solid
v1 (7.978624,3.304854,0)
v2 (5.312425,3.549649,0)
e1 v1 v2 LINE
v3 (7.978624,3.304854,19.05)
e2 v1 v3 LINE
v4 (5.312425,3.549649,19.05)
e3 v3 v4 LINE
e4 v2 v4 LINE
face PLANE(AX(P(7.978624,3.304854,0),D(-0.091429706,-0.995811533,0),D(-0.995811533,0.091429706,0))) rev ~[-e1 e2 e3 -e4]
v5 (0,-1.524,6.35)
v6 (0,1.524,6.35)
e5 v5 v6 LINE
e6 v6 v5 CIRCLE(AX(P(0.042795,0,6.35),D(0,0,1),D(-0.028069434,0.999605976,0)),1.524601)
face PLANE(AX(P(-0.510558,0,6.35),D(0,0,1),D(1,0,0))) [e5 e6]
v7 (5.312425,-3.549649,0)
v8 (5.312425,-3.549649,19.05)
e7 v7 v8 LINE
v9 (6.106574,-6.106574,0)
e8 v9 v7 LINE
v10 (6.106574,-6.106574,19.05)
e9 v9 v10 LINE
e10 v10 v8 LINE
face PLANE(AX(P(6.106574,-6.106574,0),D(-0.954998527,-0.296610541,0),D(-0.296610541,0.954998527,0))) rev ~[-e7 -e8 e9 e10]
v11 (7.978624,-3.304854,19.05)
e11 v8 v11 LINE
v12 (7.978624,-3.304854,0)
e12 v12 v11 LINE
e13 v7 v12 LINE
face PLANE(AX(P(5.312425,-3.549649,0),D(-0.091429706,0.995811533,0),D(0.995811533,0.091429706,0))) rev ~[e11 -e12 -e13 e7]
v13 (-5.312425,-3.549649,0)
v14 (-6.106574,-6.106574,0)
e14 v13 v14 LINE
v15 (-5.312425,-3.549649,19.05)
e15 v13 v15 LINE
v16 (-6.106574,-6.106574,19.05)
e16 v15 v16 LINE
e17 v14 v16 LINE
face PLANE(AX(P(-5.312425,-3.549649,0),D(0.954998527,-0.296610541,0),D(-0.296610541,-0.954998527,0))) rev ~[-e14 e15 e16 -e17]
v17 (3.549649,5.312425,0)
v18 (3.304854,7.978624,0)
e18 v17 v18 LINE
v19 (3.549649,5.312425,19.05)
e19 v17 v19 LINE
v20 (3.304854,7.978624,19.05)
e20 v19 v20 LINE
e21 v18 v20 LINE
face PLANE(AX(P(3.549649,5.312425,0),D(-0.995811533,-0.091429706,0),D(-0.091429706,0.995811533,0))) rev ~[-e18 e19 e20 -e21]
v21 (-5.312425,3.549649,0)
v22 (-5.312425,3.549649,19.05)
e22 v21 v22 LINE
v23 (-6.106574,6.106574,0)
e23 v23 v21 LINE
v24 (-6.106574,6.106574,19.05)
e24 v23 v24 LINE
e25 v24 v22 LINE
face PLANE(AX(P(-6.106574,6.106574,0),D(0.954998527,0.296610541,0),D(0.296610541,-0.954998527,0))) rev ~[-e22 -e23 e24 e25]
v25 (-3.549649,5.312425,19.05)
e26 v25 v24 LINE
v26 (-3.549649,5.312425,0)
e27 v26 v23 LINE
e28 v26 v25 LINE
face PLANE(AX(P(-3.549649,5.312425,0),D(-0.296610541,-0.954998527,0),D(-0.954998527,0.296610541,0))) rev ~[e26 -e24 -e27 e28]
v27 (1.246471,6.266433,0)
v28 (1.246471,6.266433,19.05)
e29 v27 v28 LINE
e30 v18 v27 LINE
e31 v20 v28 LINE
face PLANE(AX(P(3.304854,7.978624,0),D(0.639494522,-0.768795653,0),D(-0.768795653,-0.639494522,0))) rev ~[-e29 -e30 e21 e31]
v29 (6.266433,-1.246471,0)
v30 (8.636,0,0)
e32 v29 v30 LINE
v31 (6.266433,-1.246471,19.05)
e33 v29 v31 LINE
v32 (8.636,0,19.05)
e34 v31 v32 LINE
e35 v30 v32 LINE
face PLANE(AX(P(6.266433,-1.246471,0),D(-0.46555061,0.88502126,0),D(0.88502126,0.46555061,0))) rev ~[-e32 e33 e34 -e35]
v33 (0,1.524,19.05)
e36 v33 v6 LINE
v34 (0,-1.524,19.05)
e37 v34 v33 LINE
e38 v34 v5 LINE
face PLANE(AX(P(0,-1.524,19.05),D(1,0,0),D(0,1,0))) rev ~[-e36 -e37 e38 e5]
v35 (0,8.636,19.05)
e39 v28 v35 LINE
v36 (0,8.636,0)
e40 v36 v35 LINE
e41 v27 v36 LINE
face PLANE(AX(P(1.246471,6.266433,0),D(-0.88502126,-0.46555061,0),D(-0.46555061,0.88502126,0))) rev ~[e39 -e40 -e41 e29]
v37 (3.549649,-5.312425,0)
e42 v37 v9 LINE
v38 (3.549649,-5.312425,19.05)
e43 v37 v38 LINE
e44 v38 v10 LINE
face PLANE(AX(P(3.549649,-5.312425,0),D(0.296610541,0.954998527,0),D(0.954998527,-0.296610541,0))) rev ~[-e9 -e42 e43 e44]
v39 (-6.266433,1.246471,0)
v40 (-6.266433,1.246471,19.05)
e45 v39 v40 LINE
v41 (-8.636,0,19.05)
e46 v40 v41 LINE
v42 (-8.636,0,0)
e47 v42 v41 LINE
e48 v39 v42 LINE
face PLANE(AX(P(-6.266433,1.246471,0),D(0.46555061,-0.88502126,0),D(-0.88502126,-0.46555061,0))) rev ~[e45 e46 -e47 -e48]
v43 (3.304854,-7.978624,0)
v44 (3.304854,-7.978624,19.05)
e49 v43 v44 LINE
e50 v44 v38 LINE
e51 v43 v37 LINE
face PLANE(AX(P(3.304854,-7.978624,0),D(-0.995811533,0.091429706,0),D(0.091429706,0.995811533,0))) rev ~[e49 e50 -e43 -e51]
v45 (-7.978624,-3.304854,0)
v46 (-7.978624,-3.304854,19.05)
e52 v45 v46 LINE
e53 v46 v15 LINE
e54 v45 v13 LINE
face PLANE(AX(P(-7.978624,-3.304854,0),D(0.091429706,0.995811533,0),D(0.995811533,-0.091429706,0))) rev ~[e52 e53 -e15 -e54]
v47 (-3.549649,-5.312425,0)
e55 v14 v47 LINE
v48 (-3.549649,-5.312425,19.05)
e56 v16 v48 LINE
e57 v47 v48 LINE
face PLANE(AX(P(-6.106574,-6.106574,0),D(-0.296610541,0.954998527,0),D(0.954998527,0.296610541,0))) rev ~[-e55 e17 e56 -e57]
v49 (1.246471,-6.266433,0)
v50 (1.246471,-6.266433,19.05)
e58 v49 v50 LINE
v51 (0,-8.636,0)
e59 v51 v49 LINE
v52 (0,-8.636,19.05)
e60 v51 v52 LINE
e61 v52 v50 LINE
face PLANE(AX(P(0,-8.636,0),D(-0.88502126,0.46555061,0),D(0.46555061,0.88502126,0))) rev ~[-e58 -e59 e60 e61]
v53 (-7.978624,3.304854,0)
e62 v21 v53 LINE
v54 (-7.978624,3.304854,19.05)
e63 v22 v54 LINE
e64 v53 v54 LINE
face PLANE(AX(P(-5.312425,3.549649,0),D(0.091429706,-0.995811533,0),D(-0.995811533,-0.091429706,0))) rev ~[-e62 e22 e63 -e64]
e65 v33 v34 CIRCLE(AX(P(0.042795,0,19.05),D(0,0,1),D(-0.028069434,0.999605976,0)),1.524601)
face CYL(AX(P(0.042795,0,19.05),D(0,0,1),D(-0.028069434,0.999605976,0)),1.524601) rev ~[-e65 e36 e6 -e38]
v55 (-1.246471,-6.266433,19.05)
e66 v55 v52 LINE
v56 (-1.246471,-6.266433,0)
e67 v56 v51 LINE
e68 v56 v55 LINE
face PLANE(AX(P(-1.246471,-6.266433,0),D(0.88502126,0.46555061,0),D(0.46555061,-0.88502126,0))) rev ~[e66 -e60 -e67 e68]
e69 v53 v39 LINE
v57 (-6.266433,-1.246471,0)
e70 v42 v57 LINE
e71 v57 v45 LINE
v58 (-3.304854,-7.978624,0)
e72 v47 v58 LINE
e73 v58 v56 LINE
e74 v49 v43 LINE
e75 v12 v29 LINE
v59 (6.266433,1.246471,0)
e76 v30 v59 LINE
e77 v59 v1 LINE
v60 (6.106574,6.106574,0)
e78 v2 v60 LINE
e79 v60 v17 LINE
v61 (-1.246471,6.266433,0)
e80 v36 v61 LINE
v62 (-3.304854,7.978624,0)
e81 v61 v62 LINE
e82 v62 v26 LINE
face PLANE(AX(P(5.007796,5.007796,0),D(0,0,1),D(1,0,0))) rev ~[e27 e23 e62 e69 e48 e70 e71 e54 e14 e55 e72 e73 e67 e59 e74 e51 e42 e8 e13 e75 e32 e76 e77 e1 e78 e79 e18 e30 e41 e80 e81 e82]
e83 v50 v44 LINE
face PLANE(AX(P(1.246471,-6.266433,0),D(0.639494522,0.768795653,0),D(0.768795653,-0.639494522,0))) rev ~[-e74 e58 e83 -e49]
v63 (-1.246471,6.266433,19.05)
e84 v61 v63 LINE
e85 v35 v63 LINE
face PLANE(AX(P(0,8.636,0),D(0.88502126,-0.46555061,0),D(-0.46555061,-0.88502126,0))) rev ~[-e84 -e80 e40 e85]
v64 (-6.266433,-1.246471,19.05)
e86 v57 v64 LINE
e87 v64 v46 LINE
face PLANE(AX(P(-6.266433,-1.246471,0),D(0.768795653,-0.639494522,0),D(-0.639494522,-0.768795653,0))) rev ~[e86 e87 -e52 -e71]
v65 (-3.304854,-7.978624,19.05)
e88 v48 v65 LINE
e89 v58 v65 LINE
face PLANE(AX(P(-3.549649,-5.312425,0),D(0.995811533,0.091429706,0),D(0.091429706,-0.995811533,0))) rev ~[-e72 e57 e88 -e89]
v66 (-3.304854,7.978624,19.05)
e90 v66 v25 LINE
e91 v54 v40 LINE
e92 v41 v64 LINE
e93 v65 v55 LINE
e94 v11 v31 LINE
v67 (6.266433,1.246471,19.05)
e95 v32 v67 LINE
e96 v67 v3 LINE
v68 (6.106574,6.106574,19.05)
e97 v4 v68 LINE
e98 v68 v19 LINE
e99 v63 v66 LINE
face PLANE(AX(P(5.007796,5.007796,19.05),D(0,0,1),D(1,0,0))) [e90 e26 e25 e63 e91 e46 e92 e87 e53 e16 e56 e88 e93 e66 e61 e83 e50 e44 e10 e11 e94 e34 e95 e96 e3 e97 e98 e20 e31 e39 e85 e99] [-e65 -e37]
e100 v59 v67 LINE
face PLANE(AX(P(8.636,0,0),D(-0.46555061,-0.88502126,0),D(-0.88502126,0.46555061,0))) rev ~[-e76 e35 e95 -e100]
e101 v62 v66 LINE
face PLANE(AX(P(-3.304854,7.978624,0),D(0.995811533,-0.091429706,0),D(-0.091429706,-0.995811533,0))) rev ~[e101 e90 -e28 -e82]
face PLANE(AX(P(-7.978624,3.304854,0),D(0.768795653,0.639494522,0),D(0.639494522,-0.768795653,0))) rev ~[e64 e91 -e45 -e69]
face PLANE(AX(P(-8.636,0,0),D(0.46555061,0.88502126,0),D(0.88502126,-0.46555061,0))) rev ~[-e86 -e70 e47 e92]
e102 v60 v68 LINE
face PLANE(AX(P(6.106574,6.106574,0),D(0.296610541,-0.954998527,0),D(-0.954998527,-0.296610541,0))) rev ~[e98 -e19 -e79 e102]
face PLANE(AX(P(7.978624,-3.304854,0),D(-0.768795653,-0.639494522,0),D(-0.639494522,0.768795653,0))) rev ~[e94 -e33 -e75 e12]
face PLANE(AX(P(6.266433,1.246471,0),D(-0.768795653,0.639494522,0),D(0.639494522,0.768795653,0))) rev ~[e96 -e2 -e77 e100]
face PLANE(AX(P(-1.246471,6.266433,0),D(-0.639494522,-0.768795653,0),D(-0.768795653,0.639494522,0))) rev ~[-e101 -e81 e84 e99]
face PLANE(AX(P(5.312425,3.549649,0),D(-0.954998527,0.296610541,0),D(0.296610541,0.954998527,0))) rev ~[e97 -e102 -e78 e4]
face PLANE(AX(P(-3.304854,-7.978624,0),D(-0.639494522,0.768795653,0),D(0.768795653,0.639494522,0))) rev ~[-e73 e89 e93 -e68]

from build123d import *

# Parameters (mm, degrees)
F1_DEPTH = 19.05
F3_DEPTH = 12.7


with BuildPart() as f1:
    # F0 (on Top) → F1 (new body)
    with BuildSketch(Plane.XY):
        with BuildLine():
            ThreePointArc((3.5542700278, 5.2620969746), (4.4901280605, 4.4901280605), (5.2620969746, 3.5542700278))
            Line((5.2620969746, 3.5542700278), (5.31242539, 3.5496491612))
            Line((5.31242539, 3.5496491612), (6.1065741623, 6.1065741623))
            Line((6.1065741623, 6.1065741623), (3.5496491612, 5.31242539))
            Line((3.5496491612, 5.31242539), (3.5542700278, 5.2620969746))
        make_face()
        with BuildLine():
            Line((6.2664330105, -1.2464710252), (6.2217039467, -1.27))
            ThreePointArc((6.2217039467, -1.27), (5.8666350314, -2.4300397955), (5.2974346633, -3.5013834391))
            Line((5.2974346633, -3.5013834391), (5.31242539, -3.5496491612))
            Line((5.31242539, -3.5496491612), (7.9786236428, -3.3048541219))
            Line((7.9786236428, -3.3048541219), (6.2664330105, -1.2464710252))
        make_face()
        with BuildLine():
            Line((1.2464710252, -6.2664330105), (1.2076160152, -6.2341128928))
            ThreePointArc((1.2076160152, -6.2341128928), (0, -6.35), (-1.2076160152, -6.2341128928))
            Line((-1.2076160152, -6.2341128928), (-1.2464710252, -6.2664330105))
            Line((-1.2464710252, -6.2664330105), (0, -8.636))
            Line((0, -8.636), (1.2464710252, -6.2664330105))
        make_face()
        with BuildLine():
            Line((-1.2464710252, -6.2664330105), (-1.27, -6.2217039467))
            ThreePointArc((-1.27, -6.2217039467), (-2.4300397955, -5.8666350314), (-3.5013834391, -5.2974346633))
            Line((-3.5013834391, -5.2974346633), (-3.5496491612, -5.31242539))
            Line((-3.5496491612, -5.31242539), (-3.3048541219, -7.9786236428))
            Line((-3.3048541219, -7.9786236428), (-1.2464710252, -6.2664330105))
        make_face()
        with BuildLine():
            ThreePointArc((6.2341128928, -1.2076160152), (6.3209618283, -0.6065818703), (6.35, 0))
            ThreePointArc((6.35, 0), (6.3209618283, 0.6065818703), (6.2341128928, 1.2076160152))
            ThreePointArc((6.2341128928, 1.2076160152), (6.2279865306, 1.2388235448), (6.2217039467, 1.27))
            ThreePointArc((6.2217039467, 1.27), (5.8666350314, 2.4300397955), (5.2974346633, 3.5013834391))
            ThreePointArc((5.2974346633, 3.5013834391), (5.2798320381, 3.5278709797), (5.2620969746, 3.5542700278))
            ThreePointArc((5.2620969746, 3.5542700278), (4.4901280605, 4.4901280605), (3.5542700278, 5.2620969746))
            ThreePointArc((3.5542700278, 5.2620969746), (3.5278709797, 5.2798320381), (3.5013834391, 5.2974346633))
            ThreePointArc((3.5013834391, 5.2974346633), (2.4300397955, 5.8666350314), (1.27, 6.2217039467))
            ThreePointArc((1.27, 6.2217039467), (1.2388235448, 6.2279865306), (1.2076160152, 6.2341128928))
            ThreePointArc((1.2076160152, 6.2341128928), (0, 6.35), (-1.2076160152, 6.2341128928))
            ThreePointArc((-1.2076160152, 6.2341128928), (-1.2388235448, 6.2279865306), (-1.27, 6.2217039467))
            ThreePointArc((-1.27, 6.2217039467), (-2.4300397955, 5.8666350314), (-3.5013834391, 5.2974346633))
            ThreePointArc((-3.5013834391, 5.2974346633), (-3.5278709797, 5.2798320381), (-3.5542700278, 5.2620969746))
            ThreePointArc((-3.5542700278, 5.2620969746), (-4.4901280605, 4.4901280605), (-5.2620969746, 3.5542700278))
            ThreePointArc((-5.2620969746, 3.5542700278), (-5.2798320381, 3.5278709797), (-5.2974346633, 3.5013834391))
            ThreePointArc((-5.2974346633, 3.5013834391), (-5.8666350314, 2.4300397955), (-6.2217039467, 1.27))
            ThreePointArc((-6.2217039467, 1.27), (-6.2279865306, 1.2388235448), (-6.2341128928, 1.2076160152))
            ThreePointArc((-6.2341128928, 1.2076160152), (-6.35, 0), (-6.2341128928, -1.2076160152))
            ThreePointArc((-6.2341128928, -1.2076160152), (-6.2279865306, -1.2388235448), (-6.2217039467, -1.27))
            ThreePointArc((-6.2217039467, -1.27), (-5.8666350314, -2.4300397955), (-5.2974346633, -3.5013834391))
            ThreePointArc((-5.2974346633, -3.5013834391), (-5.2798320381, -3.5278709797), (-5.2620969746, -3.5542700278))
            ThreePointArc((-5.2620969746, -3.5542700278), (-4.4901280605, -4.4901280605), (-3.5542700278, -5.2620969746))
            ThreePointArc((-3.5542700278, -5.2620969746), (-3.5278709797, -5.2798320381), (-3.5013834391, -5.2974346633))
            ThreePointArc((-3.5013834391, -5.2974346633), (-2.4300397955, -5.8666350314), (-1.27, -6.2217039467))
            ThreePointArc((-1.27, -6.2217039467), (-1.2388235448, -6.2279865306), (-1.2076160152, -6.2341128928))
            ThreePointArc((-1.2076160152, -6.2341128928), (0, -6.35), (1.2076160152, -6.2341128928))
            ThreePointArc((1.2076160152, -6.2341128928), (1.2388235448, -6.2279865306), (1.27, -6.2217039467))
            ThreePointArc((1.27, -6.2217039467), (2.4300397955, -5.8666350314), (3.5013834391, -5.2974346633))
            ThreePointArc((3.5013834391, -5.2974346633), (3.5278709797, -5.2798320381), (3.5542700278, -5.2620969746))
            ThreePointArc((3.5542700278, -5.2620969746), (4.4901280605, -4.4901280605), (5.2620969746, -3.5542700278))
            ThreePointArc((5.2620969746, -3.5542700278), (5.2798320381, -3.5278709797), (5.2974346633, -3.5013834391))
            ThreePointArc((5.2974346633, -3.5013834391), (5.8666350314, -2.4300397955), (6.2217039467, -1.27))
            ThreePointArc((6.2217039467, -1.27), (6.2279865306, -1.2388235448), (6.2341128928, -1.2076160152))
        make_face()
        with BuildLine():
            ThreePointArc((1.27, 6.2217039467), (2.4300397955, 5.8666350314), (3.5013834391, 5.2974346633))
            Line((3.5013834391, 5.2974346633), (3.5496491612, 5.31242539))
            Line((3.5496491612, 5.31242539), (3.3048541219, 7.9786236428))
            Line((3.3048541219, 7.9786236428), (1.2464710252, 6.2664330105))
            Line((1.2464710252, 6.2664330105), (1.27, 6.2217039467))
        make_face()
        with BuildLine():
            ThreePointArc((5.2974346633, 3.5013834391), (5.8666350314, 2.4300397955), (6.2217039467, 1.27))
            Line((6.2217039467, 1.27), (6.2664330105, 1.2464710252))
            Line((6.2664330105, 1.2464710252), (7.9786236428, 3.3048541219))
            Line((7.9786236428, 3.3048541219), (5.31242539, 3.5496491612))
            Line((5.31242539, 3.5496491612), (5.2974346633, 3.5013834391))
        make_face()
        with BuildLine():
            ThreePointArc((-6.2217039467, 1.27), (-5.8666350314, 2.4300397955), (-5.2974346633, 3.5013834391))
            Line((-5.2974346633, 3.5013834391), (-5.31242539, 3.5496491612))
            Line((-5.31242539, 3.5496491612), (-7.9786236428, 3.3048541219))
            Line((-7.9786236428, 3.3048541219), (-6.2664330105, 1.2464710252))
            Line((-6.2664330105, 1.2464710252), (-6.2217039467, 1.27))
        make_face()
        with BuildLine():
            Line((5.31242539, -3.5496491612), (5.2620969746, -3.5542700278))
            ThreePointArc((5.2620969746, -3.5542700278), (4.4901280605, -4.4901280605), (3.5542700278, -5.2620969746))
            Line((3.5542700278, -5.2620969746), (3.5496491612, -5.31242539))
            Line((3.5496491612, -5.31242539), (6.1065741623, -6.1065741623))
            Line((6.1065741623, -6.1065741623), (5.31242539, -3.5496491612))
        make_face()
        with BuildLine():
            ThreePointArc((-1.2076160152, 6.2341128928), (0, 6.35), (1.2076160152, 6.2341128928))
            Line((1.2076160152, 6.2341128928), (1.2464710252, 6.2664330105))
            Line((1.2464710252, 6.2664330105), (0, 8.636))
            Line((0, 8.636), (-1.2464710252, 6.2664330105))
            Line((-1.2464710252, 6.2664330105), (-1.2076160152, 6.2341128928))
        make_face()
        with BuildLine():
            ThreePointArc((-5.2620969746, 3.5542700278), (-4.4901280605, 4.4901280605), (-3.5542700278, 5.2620969746))
            Line((-3.5542700278, 5.2620969746), (-3.5496491612, 5.31242539))
            Line((-3.5496491612, 5.31242539), (-6.1065741623, 6.1065741623))
            Line((-6.1065741623, 6.1065741623), (-5.31242539, 3.5496491612))
            Line((-5.31242539, 3.5496491612), (-5.2620969746, 3.5542700278))
        make_face()
        with BuildLine():
            ThreePointArc((-6.2341128928, -1.2076160152), (-6.35, 0), (-6.2341128928, 1.2076160152))
            Line((-6.2341128928, 1.2076160152), (-6.2664330105, 1.2464710252))
            Line((-6.2664330105, 1.2464710252), (-8.636, 0))
            Line((-8.636, 0), (-6.2664330105, -1.2464710252))
            Line((-6.2664330105, -1.2464710252), (-6.2341128928, -1.2076160152))
        make_face()
        with BuildLine():
            Line((-5.31242539, -3.5496491612), (-5.2974346633, -3.5013834391))
            ThreePointArc((-5.2974346633, -3.5013834391), (-5.8666350314, -2.4300397955), (-6.2217039467, -1.27))
            Line((-6.2217039467, -1.27), (-6.2664330105, -1.2464710252))
            Line((-6.2664330105, -1.2464710252), (-7.9786236428, -3.3048541219))
            Line((-7.9786236428, -3.3048541219), (-5.31242539, -3.5496491612))
        make_face()
        with BuildLine():
            Line((3.5496491612, -5.31242539), (3.5013834391, -5.2974346633))
            ThreePointArc((3.5013834391, -5.2974346633), (2.4300397955, -5.8666350314), (1.27, -6.2217039467))
            Line((1.27, -6.2217039467), (1.2464710252, -6.2664330105))
            Line((1.2464710252, -6.2664330105), (3.3048541219, -7.9786236428))
            Line((3.3048541219, -7.9786236428), (3.5496491612, -5.31242539))
        make_face()
        with BuildLine():
            ThreePointArc((-3.5013834391, 5.2974346633), (-2.4300397955, 5.8666350314), (-1.27, 6.2217039467))
            Line((-1.27, 6.2217039467), (-1.2464710252, 6.2664330105))
            Line((-1.2464710252, 6.2664330105), (-3.3048541219, 7.9786236428))
            Line((-3.3048541219, 7.9786236428), (-3.5496491612, 5.31242539))
            Line((-3.5496491612, 5.31242539), (-3.5013834391, 5.2974346633))
        make_face()
        with BuildLine():
            Line((-3.5496491612, -5.31242539), (-3.5542700278, -5.2620969746))
            ThreePointArc((-3.5542700278, -5.2620969746), (-4.4901280605, -4.4901280605), (-5.2620969746, -3.5542700278))
            Line((-5.2620969746, -3.5542700278), (-5.31242539, -3.5496491612))
            Line((-5.31242539, -3.5496491612), (-6.1065741623, -6.1065741623))
            Line((-6.1065741623, -6.1065741623), (-3.5496491612, -5.31242539))
        make_face()
        with BuildLine():
            ThreePointArc((6.2341128928, 1.2076160152), (6.3209618283, 0.6065818703), (6.35, 0))
            ThreePointArc((6.35, 0), (6.3209618283, -0.6065818703), (6.2341128928, -1.2076160152))
            Line((6.2341128928, -1.2076160152), (6.2664330105, -1.2464710252))
            Line((6.2664330105, -1.2464710252), (8.636, 0))
            Line((8.636, 0), (6.2664330105, 1.2464710252))
            Line((6.2664330105, 1.2464710252), (6.2341128928, 1.2076160152))
        make_face()
        with BuildLine():
            ThreePointArc((-3.5542700278, 5.2620969746), (-3.5278709797, 5.2798320381), (-3.5013834391, 5.2974346633))
            Line((-3.5013834391, 5.2974346633), (-3.5496491612, 5.31242539))
            Line((-3.5496491612, 5.31242539), (-3.5542700278, 5.2620969746))
        make_face()
        with BuildLine():
            Line((-3.5496491612, -5.31242539), (-3.5013834391, -5.2974346633))
            ThreePointArc((-3.5013834391, -5.2974346633), (-3.5278709797, -5.2798320381), (-3.5542700278, -5.2620969746))
            Line((-3.5542700278, -5.2620969746), (-3.5496491612, -5.31242539))
        make_face()
        with BuildLine():
            ThreePointArc((3.5013834391, 5.2974346633), (3.5278709797, 5.2798320381), (3.5542700278, 5.2620969746))
            Line((3.5542700278, 5.2620969746), (3.5496491612, 5.31242539))
            Line((3.5496491612, 5.31242539), (3.5013834391, 5.2974346633))
        make_face()
        with BuildLine():
            Line((-1.2464710252, -6.2664330105), (-1.2076160152, -6.2341128928))
            ThreePointArc((-1.2076160152, -6.2341128928), (-1.2388235448, -6.2279865306), (-1.27, -6.2217039467))
            Line((-1.27, -6.2217039467), (-1.2464710252, -6.2664330105))
        make_face()
        with BuildLine():
            Line((5.31242539, -3.5496491612), (5.2974346633, -3.5013834391))
            ThreePointArc((5.2974346633, -3.5013834391), (5.2798320381, -3.5278709797), (5.2620969746, -3.5542700278))
            Line((5.2620969746, -3.5542700278), (5.31242539, -3.5496491612))
        make_face()
        with BuildLine():
            ThreePointArc((1.2076160152, 6.2341128928), (1.2388235448, 6.2279865306), (1.27, 6.2217039467))
            Line((1.27, 6.2217039467), (1.2464710252, 6.2664330105))
            Line((1.2464710252, 6.2664330105), (1.2076160152, 6.2341128928))
        make_face()
        with BuildLine():
            ThreePointArc((-5.2974346633, 3.5013834391), (-5.2798320381, 3.5278709797), (-5.2620969746, 3.5542700278))
            Line((-5.2620969746, 3.5542700278), (-5.31242539, 3.5496491612))
            Line((-5.31242539, 3.5496491612), (-5.2974346633, 3.5013834391))
        make_face()
        with BuildLine():
            ThreePointArc((6.2217039467, 1.27), (6.2279865306, 1.2388235448), (6.2341128928, 1.2076160152))
            Line((6.2341128928, 1.2076160152), (6.2664330105, 1.2464710252))
            Line((6.2664330105, 1.2464710252), (6.2217039467, 1.27))
        make_face()
        with BuildLine():
            Line((-6.2664330105, -1.2464710252), (-6.2217039467, -1.27))
            ThreePointArc((-6.2217039467, -1.27), (-6.2279865306, -1.2388235448), (-6.2341128928, -1.2076160152))
            Line((-6.2341128928, -1.2076160152), (-6.2664330105, -1.2464710252))
        make_face()
        with BuildLine():
            ThreePointArc((5.2620969746, 3.5542700278), (5.2798320381, 3.5278709797), (5.2974346633, 3.5013834391))
            Line((5.2974346633, 3.5013834391), (5.31242539, 3.5496491612))
            Line((5.31242539, 3.5496491612), (5.2620969746, 3.5542700278))
        make_face()
        with BuildLine():
            ThreePointArc((-1.27, 6.2217039467), (-1.2388235448, 6.2279865306), (-1.2076160152, 6.2341128928))
            Line((-1.2076160152, 6.2341128928), (-1.2464710252, 6.2664330105))
            Line((-1.2464710252, 6.2664330105), (-1.27, 6.2217039467))
        make_face()
        with BuildLine():
            Line((1.2464710252, -6.2664330105), (1.27, -6.2217039467))
            ThreePointArc((1.27, -6.2217039467), (1.2388235448, -6.2279865306), (1.2076160152, -6.2341128928))
            Line((1.2076160152, -6.2341128928), (1.2464710252, -6.2664330105))
        make_face()
        with BuildLine():
            ThreePointArc((-6.2341128928, 1.2076160152), (-6.2279865306, 1.2388235448), (-6.2217039467, 1.27))
            Line((-6.2217039467, 1.27), (-6.2664330105, 1.2464710252))
            Line((-6.2664330105, 1.2464710252), (-6.2341128928, 1.2076160152))
        make_face()
        with BuildLine():
            Line((6.2664330105, -1.2464710252), (6.2341128928, -1.2076160152))
            ThreePointArc((6.2341128928, -1.2076160152), (6.2279865306, -1.2388235448), (6.2217039467, -1.27))
            Line((6.2217039467, -1.27), (6.2664330105, -1.2464710252))
        make_face()
        with BuildLine():
            Line((3.5496491612, -5.31242539), (3.5542700278, -5.2620969746))
            ThreePointArc((3.5542700278, -5.2620969746), (3.5278709797, -5.2798320381), (3.5013834391, -5.2974346633))
            Line((3.5013834391, -5.2974346633), (3.5496491612, -5.31242539))
        make_face()
        with BuildLine():
            Line((-5.31242539, -3.5496491612), (-5.2620969746, -3.5542700278))
            ThreePointArc((-5.2620969746, -3.5542700278), (-5.2798320381, -3.5278709797), (-5.2974346633, -3.5013834391))
            Line((-5.2974346633, -3.5013834391), (-5.31242539, -3.5496491612))
        make_face()
    extrude(amount=F1_DEPTH)

    # F2 (on face) → F3 (cut)
    with BuildSketch(Plane.XY.offset(19.05)):
        with BuildLine():
            Line((0, -1.524), (0, 1.524))
            ThreePointArc((0, 1.524), (-1.4818060502, 0), (0, -1.524))
        make_face()
    extrude(amount=-F3_DEPTH, mode=Mode.SUBTRACT)


solid = f1.part
